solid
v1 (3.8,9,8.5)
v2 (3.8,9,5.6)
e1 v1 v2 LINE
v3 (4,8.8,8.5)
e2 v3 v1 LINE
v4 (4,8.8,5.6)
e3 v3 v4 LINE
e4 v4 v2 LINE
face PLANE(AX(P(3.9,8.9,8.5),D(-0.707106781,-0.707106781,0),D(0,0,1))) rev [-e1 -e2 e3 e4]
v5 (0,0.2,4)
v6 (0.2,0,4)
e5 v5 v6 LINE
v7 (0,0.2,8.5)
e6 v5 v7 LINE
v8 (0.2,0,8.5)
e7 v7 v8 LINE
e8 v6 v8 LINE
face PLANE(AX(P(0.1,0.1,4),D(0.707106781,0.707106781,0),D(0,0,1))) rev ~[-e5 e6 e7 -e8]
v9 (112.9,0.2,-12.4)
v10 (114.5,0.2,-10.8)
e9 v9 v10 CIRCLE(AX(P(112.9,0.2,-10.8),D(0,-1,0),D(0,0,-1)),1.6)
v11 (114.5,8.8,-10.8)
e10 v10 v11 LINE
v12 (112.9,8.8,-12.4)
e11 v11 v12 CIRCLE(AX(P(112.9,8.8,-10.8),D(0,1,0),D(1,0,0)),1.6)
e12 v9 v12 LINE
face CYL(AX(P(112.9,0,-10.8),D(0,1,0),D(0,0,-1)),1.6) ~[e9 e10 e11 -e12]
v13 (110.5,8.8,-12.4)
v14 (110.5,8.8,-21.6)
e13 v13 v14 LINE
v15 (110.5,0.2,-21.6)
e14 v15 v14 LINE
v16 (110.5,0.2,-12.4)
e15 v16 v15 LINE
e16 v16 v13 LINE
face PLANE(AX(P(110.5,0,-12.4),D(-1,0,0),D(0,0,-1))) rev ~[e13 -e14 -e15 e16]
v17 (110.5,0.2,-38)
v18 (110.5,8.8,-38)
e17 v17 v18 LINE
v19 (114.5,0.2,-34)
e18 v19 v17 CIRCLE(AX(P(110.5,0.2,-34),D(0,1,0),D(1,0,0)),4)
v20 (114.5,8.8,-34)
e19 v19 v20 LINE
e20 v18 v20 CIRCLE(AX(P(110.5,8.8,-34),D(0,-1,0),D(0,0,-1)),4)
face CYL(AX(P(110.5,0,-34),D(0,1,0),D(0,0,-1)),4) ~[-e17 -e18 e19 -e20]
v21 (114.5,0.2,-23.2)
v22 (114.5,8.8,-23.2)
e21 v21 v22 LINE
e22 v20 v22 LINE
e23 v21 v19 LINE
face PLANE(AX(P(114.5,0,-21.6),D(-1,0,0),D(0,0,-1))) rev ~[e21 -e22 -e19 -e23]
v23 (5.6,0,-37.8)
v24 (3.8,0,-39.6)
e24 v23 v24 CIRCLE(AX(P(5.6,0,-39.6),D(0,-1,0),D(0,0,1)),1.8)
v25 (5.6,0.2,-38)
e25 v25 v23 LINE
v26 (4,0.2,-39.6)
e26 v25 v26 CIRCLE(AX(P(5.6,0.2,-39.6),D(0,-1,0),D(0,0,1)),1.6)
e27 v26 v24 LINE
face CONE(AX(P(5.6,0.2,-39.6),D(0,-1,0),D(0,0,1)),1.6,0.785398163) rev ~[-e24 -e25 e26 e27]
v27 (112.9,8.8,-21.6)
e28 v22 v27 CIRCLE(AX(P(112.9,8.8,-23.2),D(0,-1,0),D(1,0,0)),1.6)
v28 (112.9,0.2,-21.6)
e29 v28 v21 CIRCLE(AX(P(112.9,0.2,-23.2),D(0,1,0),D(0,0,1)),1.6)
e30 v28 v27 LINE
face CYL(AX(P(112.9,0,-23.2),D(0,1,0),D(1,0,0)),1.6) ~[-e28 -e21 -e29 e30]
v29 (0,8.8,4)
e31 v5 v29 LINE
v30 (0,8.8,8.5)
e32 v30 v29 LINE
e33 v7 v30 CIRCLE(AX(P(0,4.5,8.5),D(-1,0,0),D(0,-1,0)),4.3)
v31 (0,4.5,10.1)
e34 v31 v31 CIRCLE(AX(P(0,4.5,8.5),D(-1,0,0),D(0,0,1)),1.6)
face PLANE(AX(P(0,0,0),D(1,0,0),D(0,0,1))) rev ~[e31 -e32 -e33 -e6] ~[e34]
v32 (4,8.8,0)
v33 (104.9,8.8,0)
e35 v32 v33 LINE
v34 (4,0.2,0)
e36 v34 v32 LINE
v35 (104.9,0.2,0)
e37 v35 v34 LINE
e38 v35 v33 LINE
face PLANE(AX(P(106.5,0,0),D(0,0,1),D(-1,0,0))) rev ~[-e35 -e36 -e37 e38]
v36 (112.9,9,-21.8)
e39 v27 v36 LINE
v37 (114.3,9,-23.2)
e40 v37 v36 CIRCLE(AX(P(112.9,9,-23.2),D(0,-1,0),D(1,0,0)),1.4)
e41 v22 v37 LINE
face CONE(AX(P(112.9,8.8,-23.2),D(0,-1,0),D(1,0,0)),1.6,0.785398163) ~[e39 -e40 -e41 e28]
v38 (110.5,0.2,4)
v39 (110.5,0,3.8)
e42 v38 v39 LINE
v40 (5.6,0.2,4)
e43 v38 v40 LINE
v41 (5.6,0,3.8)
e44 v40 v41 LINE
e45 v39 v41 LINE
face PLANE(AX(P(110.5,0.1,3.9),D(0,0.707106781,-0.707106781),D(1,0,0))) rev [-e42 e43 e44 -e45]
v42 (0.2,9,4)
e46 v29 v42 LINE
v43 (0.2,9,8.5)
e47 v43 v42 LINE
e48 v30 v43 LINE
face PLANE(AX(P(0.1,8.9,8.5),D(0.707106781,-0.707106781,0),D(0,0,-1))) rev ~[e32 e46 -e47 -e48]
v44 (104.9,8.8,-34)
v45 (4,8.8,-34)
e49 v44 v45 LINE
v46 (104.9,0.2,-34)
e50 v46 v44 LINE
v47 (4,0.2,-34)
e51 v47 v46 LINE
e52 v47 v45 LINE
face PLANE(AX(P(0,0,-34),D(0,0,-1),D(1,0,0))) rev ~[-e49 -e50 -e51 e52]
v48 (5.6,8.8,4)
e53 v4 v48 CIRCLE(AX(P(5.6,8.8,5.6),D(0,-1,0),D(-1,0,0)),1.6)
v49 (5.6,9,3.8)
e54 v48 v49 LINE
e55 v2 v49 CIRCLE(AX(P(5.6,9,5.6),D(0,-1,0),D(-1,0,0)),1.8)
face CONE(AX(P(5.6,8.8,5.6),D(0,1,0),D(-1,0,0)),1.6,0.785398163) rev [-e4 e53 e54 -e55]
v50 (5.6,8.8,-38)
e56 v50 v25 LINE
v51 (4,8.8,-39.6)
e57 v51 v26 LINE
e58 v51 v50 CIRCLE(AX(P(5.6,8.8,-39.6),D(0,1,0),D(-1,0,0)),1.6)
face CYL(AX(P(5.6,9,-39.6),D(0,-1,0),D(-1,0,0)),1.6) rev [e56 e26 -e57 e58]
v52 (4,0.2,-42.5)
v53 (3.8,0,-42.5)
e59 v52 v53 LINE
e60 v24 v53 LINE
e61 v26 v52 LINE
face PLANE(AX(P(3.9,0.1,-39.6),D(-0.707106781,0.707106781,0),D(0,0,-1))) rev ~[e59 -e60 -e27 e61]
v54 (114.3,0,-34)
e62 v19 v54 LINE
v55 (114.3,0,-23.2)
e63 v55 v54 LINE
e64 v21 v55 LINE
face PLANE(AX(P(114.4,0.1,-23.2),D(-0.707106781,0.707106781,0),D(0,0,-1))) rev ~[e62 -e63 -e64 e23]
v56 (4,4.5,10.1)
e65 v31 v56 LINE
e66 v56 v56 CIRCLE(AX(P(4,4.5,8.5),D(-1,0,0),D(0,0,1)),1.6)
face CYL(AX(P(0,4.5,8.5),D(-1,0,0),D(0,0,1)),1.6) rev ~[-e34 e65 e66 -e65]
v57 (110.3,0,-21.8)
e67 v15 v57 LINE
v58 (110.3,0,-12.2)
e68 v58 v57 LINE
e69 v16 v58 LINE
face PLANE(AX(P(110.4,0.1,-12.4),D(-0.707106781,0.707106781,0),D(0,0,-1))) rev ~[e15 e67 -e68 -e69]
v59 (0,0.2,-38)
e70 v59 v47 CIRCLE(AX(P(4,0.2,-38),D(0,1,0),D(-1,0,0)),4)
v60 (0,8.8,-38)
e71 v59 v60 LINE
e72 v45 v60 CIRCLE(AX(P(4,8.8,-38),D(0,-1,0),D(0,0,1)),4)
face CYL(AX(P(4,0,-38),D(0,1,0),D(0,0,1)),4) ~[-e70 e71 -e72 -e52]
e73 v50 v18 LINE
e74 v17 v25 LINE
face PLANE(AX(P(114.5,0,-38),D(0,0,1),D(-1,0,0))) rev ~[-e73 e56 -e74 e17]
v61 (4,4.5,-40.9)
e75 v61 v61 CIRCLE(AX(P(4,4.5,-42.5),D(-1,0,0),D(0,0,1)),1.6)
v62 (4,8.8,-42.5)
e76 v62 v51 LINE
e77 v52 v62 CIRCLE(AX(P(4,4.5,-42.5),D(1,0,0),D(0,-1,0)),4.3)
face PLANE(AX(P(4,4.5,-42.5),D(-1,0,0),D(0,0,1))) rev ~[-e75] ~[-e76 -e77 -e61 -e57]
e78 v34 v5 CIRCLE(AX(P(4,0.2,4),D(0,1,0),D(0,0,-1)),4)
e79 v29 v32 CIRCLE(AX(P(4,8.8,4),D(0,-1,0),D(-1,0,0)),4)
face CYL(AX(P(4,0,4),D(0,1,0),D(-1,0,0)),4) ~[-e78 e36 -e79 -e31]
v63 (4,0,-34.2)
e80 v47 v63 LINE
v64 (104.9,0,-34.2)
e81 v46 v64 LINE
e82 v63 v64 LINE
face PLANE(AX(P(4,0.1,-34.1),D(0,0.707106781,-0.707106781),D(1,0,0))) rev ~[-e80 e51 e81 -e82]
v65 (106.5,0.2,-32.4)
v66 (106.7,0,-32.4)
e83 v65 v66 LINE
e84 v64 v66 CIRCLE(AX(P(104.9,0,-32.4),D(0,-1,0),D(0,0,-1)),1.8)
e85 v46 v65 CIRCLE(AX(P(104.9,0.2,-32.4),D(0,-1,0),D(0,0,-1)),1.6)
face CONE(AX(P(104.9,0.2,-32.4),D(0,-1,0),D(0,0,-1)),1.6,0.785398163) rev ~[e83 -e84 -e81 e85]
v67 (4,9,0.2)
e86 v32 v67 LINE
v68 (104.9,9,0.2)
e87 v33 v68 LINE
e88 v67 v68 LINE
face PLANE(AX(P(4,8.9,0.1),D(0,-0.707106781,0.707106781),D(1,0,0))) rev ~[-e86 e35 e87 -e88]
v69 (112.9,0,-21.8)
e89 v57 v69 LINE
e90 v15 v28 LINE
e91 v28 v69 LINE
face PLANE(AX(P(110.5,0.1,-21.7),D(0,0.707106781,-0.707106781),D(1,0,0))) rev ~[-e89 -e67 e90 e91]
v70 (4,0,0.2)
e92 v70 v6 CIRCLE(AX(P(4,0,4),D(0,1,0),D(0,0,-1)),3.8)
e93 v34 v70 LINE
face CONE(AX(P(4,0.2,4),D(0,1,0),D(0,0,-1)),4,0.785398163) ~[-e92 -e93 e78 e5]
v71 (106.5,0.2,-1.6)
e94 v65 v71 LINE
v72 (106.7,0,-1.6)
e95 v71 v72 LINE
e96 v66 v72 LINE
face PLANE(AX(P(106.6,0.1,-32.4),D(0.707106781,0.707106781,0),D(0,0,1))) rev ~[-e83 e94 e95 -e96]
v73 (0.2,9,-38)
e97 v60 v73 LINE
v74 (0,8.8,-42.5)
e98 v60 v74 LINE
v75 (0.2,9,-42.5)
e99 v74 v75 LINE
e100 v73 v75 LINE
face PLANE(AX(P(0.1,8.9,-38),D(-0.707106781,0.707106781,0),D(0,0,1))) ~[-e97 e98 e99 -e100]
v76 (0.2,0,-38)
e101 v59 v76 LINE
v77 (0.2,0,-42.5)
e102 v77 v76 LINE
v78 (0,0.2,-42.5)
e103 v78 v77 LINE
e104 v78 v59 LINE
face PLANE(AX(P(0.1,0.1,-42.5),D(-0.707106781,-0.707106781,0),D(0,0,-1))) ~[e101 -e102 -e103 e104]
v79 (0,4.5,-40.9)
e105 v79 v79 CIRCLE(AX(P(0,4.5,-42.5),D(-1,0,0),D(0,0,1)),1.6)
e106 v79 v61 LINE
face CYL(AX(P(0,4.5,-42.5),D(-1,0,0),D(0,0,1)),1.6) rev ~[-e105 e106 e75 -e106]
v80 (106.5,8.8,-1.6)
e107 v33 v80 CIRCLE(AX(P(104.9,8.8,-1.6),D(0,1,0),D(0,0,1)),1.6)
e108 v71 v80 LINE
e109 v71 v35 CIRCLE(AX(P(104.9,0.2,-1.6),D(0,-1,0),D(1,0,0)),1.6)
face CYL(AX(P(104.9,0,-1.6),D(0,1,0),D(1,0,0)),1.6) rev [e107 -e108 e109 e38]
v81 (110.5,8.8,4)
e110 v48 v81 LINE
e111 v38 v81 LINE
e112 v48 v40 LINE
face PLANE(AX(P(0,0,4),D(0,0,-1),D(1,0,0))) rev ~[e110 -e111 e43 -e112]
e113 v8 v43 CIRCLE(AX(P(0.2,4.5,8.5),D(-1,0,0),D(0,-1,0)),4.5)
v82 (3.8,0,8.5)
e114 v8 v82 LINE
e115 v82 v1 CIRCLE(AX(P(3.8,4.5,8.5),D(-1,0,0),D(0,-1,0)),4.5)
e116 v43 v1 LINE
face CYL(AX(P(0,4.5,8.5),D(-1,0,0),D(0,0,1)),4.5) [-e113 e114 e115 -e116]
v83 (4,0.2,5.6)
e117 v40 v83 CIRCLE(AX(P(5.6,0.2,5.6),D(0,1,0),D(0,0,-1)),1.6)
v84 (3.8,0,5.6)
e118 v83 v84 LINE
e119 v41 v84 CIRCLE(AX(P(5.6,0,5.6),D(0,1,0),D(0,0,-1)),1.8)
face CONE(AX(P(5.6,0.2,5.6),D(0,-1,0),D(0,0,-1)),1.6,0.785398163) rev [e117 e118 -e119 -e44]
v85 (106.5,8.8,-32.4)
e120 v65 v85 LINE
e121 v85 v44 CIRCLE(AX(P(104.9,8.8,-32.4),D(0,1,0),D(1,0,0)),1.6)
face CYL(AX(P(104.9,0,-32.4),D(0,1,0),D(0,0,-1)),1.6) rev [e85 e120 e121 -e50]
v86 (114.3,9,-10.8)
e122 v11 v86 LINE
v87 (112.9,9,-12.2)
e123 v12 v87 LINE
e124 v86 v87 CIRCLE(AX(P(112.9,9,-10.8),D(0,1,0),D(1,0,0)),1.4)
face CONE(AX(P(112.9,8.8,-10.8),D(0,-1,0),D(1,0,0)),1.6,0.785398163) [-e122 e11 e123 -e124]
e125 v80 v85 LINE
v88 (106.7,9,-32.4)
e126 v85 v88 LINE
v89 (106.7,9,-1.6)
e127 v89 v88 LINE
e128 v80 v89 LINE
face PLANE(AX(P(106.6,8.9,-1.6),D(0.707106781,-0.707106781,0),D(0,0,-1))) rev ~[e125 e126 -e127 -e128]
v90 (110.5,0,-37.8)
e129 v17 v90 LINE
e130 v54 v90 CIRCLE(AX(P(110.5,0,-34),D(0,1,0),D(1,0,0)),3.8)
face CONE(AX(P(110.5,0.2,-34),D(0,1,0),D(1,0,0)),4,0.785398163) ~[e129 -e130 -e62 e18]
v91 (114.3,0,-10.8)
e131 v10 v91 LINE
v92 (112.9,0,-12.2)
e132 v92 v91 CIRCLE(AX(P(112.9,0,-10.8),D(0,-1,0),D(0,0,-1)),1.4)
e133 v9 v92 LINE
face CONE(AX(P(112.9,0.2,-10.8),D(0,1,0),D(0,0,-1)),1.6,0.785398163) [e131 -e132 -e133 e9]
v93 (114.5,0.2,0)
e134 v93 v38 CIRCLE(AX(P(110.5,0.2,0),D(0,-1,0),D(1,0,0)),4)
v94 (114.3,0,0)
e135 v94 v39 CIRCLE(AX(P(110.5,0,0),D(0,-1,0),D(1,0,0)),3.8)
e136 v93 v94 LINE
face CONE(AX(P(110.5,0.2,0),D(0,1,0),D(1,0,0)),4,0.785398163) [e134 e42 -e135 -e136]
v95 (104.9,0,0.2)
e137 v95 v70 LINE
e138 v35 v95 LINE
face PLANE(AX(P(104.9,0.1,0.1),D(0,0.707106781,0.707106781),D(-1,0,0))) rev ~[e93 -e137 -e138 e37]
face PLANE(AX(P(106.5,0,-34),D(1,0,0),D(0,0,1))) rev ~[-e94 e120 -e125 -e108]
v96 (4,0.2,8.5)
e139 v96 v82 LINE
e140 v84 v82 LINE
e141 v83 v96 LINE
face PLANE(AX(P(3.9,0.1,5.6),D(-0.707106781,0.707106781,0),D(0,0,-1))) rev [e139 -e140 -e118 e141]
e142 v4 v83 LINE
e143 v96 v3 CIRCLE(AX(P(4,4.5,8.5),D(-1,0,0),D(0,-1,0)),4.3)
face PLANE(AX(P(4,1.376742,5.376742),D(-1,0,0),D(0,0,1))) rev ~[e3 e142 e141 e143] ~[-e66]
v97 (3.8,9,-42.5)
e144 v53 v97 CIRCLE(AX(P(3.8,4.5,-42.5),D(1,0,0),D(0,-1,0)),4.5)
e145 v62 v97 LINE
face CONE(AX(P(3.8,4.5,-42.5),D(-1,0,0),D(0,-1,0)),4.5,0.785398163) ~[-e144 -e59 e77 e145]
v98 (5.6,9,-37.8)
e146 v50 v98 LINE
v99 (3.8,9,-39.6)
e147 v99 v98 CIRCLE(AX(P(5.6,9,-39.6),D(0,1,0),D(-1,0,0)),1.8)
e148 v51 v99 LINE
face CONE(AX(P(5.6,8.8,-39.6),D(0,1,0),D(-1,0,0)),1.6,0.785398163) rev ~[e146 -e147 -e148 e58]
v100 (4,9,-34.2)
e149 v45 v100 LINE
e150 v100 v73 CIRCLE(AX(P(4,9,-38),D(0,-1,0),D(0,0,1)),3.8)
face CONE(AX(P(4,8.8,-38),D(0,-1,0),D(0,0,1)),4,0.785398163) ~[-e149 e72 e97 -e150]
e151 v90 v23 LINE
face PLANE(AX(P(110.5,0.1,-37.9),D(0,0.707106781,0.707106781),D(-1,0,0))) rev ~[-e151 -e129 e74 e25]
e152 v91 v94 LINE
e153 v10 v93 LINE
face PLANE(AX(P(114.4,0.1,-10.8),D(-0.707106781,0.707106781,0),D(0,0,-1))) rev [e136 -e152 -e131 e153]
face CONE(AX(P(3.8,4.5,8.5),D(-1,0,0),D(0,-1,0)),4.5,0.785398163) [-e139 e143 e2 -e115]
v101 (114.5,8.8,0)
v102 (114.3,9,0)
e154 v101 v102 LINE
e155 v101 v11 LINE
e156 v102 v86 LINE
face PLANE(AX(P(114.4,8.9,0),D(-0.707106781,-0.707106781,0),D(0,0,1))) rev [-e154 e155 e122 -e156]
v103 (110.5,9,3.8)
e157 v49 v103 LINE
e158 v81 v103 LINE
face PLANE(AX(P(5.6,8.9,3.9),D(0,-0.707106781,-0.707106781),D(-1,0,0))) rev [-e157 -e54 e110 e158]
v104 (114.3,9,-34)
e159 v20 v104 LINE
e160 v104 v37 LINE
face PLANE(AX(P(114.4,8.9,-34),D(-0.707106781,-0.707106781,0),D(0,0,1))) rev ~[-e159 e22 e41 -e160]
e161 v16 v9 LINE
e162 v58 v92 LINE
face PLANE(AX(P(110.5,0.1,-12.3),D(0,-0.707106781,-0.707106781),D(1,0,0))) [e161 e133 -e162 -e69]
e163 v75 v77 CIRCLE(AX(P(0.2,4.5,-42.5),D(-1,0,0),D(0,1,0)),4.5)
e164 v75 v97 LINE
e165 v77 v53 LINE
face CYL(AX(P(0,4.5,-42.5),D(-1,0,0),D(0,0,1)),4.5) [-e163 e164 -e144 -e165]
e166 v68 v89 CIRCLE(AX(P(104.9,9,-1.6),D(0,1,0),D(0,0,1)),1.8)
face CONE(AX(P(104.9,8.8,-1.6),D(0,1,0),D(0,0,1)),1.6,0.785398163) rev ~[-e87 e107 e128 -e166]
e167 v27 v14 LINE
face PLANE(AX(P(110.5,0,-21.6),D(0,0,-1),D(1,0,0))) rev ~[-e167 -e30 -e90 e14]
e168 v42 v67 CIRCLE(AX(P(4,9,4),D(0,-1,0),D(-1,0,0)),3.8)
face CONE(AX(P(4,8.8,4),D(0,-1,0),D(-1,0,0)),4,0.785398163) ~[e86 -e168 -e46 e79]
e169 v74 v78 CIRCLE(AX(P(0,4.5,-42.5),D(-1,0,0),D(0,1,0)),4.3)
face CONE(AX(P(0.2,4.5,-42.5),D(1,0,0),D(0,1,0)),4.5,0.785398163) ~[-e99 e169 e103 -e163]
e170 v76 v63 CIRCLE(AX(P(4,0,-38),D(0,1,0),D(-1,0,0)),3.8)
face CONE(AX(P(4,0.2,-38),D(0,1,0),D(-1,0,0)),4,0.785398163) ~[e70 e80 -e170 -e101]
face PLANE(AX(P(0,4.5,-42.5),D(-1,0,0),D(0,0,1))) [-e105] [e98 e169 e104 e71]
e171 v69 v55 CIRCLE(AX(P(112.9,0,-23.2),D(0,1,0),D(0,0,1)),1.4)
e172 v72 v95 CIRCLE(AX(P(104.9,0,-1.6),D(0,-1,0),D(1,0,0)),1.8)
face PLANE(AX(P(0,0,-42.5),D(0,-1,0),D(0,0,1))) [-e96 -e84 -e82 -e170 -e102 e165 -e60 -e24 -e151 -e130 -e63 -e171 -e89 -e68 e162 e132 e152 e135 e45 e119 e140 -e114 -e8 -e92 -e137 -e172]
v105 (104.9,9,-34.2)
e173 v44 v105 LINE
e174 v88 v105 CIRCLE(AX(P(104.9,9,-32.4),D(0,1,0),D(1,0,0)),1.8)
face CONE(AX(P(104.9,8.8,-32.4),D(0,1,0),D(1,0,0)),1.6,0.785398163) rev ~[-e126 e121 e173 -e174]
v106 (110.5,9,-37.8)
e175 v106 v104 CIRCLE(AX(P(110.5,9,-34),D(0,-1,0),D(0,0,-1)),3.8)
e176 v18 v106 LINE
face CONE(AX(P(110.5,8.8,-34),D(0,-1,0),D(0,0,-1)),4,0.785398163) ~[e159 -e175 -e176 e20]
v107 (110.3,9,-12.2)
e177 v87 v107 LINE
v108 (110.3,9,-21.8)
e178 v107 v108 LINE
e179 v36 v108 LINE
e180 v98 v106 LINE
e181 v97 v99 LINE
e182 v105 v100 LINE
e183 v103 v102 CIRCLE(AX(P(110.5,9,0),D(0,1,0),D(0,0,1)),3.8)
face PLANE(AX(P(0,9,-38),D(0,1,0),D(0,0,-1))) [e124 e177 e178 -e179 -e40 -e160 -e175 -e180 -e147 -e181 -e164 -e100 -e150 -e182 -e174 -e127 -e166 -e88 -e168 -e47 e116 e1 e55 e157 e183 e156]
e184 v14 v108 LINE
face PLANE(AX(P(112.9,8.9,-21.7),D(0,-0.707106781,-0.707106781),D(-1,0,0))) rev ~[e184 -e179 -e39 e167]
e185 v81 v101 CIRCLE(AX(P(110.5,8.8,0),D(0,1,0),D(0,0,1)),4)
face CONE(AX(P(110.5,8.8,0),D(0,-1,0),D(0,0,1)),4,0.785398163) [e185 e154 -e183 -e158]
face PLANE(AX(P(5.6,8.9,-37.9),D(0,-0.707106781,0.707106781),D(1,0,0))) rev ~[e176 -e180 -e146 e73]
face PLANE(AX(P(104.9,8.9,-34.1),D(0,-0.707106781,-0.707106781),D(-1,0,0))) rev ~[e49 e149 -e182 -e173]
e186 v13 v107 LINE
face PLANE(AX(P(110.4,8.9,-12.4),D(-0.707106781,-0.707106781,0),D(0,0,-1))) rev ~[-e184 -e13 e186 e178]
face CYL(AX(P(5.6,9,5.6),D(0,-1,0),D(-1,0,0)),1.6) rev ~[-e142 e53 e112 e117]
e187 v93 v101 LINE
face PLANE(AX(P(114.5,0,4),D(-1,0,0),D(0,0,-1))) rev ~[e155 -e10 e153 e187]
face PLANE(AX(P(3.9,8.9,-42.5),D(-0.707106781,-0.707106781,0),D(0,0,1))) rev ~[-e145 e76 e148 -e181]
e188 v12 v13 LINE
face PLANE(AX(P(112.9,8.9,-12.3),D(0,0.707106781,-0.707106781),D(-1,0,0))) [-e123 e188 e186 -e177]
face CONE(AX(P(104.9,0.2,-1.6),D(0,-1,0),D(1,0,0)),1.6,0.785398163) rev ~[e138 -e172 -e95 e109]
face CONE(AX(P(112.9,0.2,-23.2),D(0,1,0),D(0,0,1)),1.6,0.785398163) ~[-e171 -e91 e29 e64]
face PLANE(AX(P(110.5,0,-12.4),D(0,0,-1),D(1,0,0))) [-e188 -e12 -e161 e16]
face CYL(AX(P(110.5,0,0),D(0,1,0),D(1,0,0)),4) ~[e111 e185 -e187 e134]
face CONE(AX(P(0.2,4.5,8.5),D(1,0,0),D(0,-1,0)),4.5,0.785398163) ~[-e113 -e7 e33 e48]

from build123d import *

# Parameters (mm, degrees)
SKETCH_1_W      = 4
SKETCH_1_H      = 16.4
EXTRUDE_1_DEPTH = 9
SKETCH_2_R      = 4.5
SKETCH_2_R_2    = 1.6
EXTRUDE_2_DEPTH = 4
FILLET_1_R      = 4
FILLET_2_R      = 1.6
CHAMFER_1_SIZE  = 0.2


with BuildPart() as part:
    # 草图1 → 凸台-拉伸1 (new body)
    with BuildSketch(Plane(origin=(0, 0, 0), x_dir=(1, 0, 0), z_dir=(0, 1, 0))):
        Polygon((106.5, 0), (0, 0), (0, -4), (110.5, -4), (110.5, 38), (0, 38), (0, 34), (106.5, 34), align=None)
        with Locations((112.5, 29.8)):
            Rectangle(SKETCH_1_W, SKETCH_1_H)
        with Locations((112.5, 4.2)):
            Rectangle(SKETCH_1_W, SKETCH_1_H)
    extrude(amount=EXTRUDE_1_DEPTH)

    # 草图2 → 凸台-拉伸2 (add)
    # profile 1 of 6: a face of its own
    with BuildSketch(Plane.ZY):
        with Locations((-42.5, 4.5)):
            Circle(SKETCH_2_R)
        with Locations((-42.5, 4.5)):
            Circle(SKETCH_2_R_2, mode=Mode.SUBTRACT)
    # profile 2 of 6: a face of its own
    with BuildSketch(Plane.ZY):
        with BuildLine():
            Line((-38, 9), (-42.5, 9))
            ThreePointArc((-42.5, 9), (-39.318019485, 7.681980515), (-38, 4.5))
            Line((-38, 4.5), (-38, 9))
        make_face()
    # profile 3 of 6: a face of its own
    with BuildSketch(Plane.ZY):
        with BuildLine():
            ThreePointArc((-38, 4.5), (-39.318019485, 1.318019485), (-42.5, 0))
            Line((-42.5, 0), (-38, 0))
            Line((-38, 0), (-38, 4.5))
        make_face()
    # profile 4 of 6: a face of its own
    with BuildSketch(Plane.ZY):
        with Locations((8.5, 4.5)):
            Circle(SKETCH_2_R)
        with Locations((8.5, 4.5)):
            Circle(SKETCH_2_R_2, mode=Mode.SUBTRACT)
    # profile 5 of 6: a face of its own
    with BuildSketch(Plane.ZY):
        with BuildLine():
            Line((8.5, 9), (4, 9))
            Line((4, 9), (4, 4.499999989))
            ThreePointArc((4, 4.499999989), (5.318019481, 7.681980511), (8.5, 9))
        make_face()
    # profile 6 of 6: a face of its own
    with BuildSketch(Plane.ZY):
        with BuildLine():
            ThreePointArc((8.5, 0), (5.318019489, 1.318019481), (4, 4.499999989))
            Line((4, 4.499999989), (4, 0))
            Line((4, 0), (8.5, 0))
        make_face()
    extrude(amount=-EXTRUDE_2_DEPTH)

    # 圆角1
    fillet_1_edges = [part.edges().sort_by_distance(p)[0] for p in [
        (0, 4.5, -34),
        (114.5, 4.5, -38),
        (114.5, 4.5, 4),
        (0, 4.5, 0),
    ]]
    fillet(fillet_1_edges, radius=FILLET_1_R)

    # 圆角2
    fillet_2_edges = [part.edges().sort_by_distance(p)[0] for p in [
        (106.5, 4.5, 0),
        (106.5, 4.5, -34),
        (114.5, 4.5, -21.6),
        (114.5, 4.5, -12.4),
        (4, 4.5, -38),
        (4, 4.5, 4),
    ]]
    fillet(fillet_2_edges, radius=FILLET_2_R)

    # 倒角1
    chamfer_1_edges = [part.edges().sort_by_distance(p)[0] for p in [
        (111.7, 0, -12.4),
        (111.7, 9, -12.4),
        (58.05, 0, -38),
        (111.7, 0, -21.6),
        (54.45, 0, 0),
        (106.5, 0, -17),
        (114.03137085, 0, -22.06862915),
        (114.03137085, 0, -11.93137085),
        (58.05, 9, -38),
        (4, 9, -41.05),
        (106.5, 9, -17),
        (54.45, 9, 0),
        (4, 9, 7.05),
        (111.7, 9, -21.6),
        (114.03137085, 9, -22.06862915),
        (114.03137085, 9, -11.93137085),
        (4.46862915, 9, 4.46862915),
        (4.46862915, 0, 4.46862915),
        (4.46862915, 0, -38.46862915),
        (4.46862915, 9, -38.46862915),
        (106.03137085, 0, -0.46862915),
        (106.03137085, 9, -0.46862915),
        (106.03137085, 0, -33.53137085),
        (106.03137085, 9, -33.53137085),
        (110.5, 0, -17),
        (110.5, 9, -17),
        (0, 4.5, -47),
        (4, 0, -41.05),
        (4, 4.5, -47),
        (4, 4.5, 13),
        (4, 0, 7.05),
        (0, 4.5, 13),
        (54.45, 0, -34),
        (0, 0, -40.25),
        (114.5, 0, -28.6),
        (114.5, 0, -5.4),
        (58.05, 0, 4),
        (0, 0, 6.25),
        (1.171572875, 0, -35.171572875),
        (1.171572875, 0, 1.171572875),
        (113.328427125, 0, 2.828427125),
        (113.328427125, 0, -36.828427125),
        (114.5, 9, -28.6),
        (0, 9, 6.25),
        (58.05, 9, 4),
        (114.5, 9, -5.4),
        (0, 9, -40.25),
        (54.45, 9, -34),
        (1.171572875, 9, -35.171572875),
        (1.171572875, 9, 1.171572875),
        (113.328427125, 9, 2.828427125),
        (113.328427125, 9, -36.828427125),
    ]]
    chamfer(chamfer_1_edges, length=CHAMFER_1_SIZE)


solid = part.part
